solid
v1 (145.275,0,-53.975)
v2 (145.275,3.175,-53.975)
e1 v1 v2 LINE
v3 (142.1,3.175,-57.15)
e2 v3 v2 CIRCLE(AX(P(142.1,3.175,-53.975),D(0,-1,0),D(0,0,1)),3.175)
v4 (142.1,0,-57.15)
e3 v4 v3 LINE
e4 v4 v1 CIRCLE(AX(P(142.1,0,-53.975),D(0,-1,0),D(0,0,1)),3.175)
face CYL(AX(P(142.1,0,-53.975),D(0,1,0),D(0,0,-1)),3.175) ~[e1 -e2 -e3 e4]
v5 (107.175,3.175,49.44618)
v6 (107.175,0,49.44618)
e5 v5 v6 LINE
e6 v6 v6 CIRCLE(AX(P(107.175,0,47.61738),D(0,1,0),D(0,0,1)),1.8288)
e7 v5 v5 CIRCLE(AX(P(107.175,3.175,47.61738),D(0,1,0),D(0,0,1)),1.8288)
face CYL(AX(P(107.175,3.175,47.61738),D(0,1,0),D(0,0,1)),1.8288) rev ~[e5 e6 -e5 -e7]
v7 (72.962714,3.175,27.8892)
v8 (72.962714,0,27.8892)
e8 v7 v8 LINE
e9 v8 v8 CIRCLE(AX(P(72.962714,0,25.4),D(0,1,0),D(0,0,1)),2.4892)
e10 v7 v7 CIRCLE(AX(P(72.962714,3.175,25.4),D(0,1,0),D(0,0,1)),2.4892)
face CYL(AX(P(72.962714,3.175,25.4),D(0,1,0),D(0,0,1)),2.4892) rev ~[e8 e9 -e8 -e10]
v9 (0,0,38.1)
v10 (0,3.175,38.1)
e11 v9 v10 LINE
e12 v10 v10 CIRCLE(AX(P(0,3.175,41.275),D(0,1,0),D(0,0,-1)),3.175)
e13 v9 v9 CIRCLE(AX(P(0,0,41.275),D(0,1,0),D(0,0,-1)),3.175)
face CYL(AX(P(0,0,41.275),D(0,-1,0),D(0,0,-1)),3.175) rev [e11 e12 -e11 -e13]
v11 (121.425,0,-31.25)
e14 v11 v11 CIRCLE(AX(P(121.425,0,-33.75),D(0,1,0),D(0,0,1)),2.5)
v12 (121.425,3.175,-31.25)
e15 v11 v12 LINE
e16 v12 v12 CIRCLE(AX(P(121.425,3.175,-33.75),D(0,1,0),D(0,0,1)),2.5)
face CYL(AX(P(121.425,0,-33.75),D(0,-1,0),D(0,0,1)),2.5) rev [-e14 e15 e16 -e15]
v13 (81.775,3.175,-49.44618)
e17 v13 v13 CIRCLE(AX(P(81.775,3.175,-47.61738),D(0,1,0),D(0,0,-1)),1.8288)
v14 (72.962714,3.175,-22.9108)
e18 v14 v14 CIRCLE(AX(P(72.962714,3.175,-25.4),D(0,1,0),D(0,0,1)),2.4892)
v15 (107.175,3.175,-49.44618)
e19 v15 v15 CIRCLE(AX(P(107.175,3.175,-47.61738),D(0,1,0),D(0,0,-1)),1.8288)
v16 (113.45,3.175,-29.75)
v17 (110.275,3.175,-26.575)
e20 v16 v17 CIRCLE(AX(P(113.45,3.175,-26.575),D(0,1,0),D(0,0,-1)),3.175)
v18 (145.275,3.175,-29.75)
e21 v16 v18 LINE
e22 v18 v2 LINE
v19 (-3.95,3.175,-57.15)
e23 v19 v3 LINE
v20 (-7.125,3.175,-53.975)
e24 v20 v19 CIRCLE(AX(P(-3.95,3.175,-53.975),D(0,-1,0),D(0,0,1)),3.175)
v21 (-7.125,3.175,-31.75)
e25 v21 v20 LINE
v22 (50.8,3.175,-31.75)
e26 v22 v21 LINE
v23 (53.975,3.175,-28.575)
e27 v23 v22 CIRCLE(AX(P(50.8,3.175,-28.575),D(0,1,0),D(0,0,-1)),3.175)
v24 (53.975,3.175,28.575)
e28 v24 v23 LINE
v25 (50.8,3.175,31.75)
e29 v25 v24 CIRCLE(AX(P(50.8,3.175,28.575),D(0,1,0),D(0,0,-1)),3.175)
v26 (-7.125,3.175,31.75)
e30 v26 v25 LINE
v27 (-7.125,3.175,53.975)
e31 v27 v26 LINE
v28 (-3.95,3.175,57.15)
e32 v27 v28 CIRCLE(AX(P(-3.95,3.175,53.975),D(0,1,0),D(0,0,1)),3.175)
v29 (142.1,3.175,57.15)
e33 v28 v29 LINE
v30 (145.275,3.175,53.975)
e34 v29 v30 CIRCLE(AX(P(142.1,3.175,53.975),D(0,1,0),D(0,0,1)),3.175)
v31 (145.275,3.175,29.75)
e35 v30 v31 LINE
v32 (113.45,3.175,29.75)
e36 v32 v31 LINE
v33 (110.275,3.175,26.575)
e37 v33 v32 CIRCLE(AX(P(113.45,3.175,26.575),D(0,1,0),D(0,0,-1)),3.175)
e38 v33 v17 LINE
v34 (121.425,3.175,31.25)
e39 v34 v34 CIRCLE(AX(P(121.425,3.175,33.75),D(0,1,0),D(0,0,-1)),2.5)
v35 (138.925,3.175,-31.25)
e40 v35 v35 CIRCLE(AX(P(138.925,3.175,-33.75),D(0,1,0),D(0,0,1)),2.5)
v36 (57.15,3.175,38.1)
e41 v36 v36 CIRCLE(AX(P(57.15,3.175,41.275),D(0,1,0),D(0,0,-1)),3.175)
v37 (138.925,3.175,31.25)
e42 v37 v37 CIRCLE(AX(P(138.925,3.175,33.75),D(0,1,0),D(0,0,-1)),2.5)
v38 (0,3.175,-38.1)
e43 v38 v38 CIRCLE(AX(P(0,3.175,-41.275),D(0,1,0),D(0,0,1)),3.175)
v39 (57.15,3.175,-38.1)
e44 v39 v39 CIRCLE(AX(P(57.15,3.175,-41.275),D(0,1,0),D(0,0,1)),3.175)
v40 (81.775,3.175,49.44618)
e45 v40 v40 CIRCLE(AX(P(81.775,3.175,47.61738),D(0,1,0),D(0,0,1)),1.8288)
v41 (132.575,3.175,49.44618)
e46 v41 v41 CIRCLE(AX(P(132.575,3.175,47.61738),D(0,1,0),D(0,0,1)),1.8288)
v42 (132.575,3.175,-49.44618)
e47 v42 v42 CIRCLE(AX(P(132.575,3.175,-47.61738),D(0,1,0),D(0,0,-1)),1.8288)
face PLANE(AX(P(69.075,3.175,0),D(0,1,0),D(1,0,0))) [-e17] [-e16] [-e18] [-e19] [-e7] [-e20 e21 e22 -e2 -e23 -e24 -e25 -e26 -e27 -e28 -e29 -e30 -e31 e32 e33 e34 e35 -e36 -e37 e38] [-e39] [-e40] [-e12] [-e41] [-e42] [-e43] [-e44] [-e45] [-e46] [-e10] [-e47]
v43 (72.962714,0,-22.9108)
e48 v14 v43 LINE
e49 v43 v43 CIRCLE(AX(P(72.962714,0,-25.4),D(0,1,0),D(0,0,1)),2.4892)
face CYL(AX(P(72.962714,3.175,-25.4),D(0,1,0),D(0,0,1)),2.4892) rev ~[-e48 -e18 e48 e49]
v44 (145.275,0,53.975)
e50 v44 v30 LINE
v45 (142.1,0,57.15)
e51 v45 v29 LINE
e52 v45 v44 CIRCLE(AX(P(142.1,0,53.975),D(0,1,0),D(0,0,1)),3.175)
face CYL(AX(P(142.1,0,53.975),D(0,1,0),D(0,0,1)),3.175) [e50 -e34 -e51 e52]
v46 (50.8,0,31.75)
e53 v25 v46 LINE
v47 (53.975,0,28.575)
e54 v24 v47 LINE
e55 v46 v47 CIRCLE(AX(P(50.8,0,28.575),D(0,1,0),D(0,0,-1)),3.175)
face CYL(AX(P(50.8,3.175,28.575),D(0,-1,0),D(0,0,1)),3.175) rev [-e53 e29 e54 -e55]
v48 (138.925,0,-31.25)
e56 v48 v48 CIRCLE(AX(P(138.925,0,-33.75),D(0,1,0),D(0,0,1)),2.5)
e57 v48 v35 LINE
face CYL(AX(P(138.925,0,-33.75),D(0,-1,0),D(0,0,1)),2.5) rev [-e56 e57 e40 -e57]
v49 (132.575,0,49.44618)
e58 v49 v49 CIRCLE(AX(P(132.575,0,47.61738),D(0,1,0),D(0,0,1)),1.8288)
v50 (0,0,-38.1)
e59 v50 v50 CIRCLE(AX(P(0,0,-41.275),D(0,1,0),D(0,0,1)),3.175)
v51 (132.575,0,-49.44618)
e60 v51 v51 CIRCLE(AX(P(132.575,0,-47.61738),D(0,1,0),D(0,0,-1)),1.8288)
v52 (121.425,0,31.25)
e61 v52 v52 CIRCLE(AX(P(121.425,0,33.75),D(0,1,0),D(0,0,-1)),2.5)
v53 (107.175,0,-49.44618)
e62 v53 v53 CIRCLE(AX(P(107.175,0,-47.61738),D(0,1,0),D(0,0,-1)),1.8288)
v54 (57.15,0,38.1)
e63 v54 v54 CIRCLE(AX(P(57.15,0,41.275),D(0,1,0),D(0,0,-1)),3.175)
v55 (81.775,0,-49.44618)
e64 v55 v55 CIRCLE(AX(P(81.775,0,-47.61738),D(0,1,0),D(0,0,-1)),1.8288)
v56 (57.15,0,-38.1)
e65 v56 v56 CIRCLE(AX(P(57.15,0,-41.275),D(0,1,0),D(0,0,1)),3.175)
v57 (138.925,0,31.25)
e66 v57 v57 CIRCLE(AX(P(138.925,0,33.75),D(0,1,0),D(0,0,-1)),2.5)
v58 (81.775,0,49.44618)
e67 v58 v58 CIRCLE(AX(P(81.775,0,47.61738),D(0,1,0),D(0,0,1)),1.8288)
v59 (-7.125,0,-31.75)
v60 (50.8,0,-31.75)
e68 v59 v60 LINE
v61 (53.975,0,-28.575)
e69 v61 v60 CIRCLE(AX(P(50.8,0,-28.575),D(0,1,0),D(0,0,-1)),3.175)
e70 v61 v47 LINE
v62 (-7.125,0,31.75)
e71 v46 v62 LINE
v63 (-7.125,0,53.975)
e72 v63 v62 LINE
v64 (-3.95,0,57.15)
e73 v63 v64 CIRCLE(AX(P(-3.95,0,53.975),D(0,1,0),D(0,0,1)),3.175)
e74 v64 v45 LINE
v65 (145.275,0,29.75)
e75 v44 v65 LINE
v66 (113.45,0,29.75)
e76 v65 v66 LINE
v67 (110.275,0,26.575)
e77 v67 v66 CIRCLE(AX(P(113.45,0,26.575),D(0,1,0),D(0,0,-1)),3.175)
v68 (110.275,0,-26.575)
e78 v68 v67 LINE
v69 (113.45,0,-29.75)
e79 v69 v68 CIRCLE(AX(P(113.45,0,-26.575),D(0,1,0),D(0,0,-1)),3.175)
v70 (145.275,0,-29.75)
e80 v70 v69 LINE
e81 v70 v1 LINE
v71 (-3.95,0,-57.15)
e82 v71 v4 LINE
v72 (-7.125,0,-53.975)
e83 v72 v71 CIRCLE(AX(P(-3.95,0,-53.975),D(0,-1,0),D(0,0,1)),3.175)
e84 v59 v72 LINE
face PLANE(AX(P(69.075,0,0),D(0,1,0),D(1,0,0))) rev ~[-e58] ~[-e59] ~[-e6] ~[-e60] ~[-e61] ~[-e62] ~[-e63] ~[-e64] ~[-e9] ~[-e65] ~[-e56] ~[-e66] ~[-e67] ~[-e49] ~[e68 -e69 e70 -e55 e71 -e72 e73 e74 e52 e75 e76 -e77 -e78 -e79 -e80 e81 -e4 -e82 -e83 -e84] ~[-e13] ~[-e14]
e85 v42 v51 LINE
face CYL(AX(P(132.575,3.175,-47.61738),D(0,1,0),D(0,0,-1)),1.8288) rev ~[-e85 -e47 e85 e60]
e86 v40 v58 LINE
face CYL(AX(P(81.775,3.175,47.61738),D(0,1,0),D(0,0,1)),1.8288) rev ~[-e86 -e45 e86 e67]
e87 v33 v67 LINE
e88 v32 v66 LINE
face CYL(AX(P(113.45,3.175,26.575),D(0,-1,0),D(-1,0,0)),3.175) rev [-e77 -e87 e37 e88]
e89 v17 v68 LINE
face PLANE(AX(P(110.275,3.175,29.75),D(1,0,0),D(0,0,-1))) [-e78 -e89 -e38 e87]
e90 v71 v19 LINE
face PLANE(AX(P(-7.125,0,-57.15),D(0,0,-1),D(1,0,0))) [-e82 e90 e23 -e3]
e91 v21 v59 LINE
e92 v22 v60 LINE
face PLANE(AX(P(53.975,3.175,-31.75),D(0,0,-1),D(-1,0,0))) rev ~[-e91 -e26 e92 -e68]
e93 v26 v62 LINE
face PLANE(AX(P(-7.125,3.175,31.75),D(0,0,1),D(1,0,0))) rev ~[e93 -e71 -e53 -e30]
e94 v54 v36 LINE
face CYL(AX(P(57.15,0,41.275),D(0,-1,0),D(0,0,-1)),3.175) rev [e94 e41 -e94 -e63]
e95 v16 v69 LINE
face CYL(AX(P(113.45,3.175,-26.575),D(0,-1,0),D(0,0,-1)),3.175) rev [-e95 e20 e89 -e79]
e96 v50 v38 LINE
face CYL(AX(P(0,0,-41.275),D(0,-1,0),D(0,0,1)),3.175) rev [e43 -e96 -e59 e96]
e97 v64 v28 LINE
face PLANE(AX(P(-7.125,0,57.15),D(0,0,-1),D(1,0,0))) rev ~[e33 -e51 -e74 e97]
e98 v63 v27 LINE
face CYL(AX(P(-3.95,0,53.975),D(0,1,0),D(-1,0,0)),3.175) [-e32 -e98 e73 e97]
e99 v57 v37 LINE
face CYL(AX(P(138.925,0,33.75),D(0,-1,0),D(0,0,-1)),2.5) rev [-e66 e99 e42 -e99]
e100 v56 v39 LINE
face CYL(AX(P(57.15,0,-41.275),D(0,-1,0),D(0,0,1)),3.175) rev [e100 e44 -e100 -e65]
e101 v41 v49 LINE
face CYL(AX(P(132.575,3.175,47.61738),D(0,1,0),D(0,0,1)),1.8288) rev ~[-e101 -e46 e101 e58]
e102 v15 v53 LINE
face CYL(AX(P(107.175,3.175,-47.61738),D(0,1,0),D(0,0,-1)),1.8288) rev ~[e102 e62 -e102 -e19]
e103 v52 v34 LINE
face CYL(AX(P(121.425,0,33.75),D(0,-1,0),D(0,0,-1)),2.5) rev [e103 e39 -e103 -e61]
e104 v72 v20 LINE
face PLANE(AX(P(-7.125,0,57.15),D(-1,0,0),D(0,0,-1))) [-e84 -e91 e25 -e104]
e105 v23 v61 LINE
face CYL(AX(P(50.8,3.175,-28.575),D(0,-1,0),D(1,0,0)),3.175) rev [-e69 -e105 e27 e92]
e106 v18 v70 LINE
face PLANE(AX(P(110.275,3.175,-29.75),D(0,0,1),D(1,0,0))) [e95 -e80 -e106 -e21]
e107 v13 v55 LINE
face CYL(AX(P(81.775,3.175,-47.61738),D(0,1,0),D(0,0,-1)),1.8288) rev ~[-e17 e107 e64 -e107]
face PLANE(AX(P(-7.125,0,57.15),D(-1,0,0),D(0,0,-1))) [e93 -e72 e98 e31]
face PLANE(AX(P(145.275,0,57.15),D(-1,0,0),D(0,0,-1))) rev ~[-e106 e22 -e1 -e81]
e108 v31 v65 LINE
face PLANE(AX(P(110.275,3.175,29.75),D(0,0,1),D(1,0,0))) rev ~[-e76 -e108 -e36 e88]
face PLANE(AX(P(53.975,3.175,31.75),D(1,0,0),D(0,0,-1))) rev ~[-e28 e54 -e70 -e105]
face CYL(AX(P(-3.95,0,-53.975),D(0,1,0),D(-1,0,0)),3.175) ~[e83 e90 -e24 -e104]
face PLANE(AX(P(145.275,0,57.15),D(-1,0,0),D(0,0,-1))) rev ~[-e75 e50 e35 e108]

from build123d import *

# Parameters (mm, degrees)
SKETCH1_W           = 152.4
SKETCH1_H           = 114.3
SKETCH1_R           = 3.175
SKETCH1_R_2         = 2.5
BOSS_EXTRUDE1_DEPTH = 3.175
CUT_EXTRUDE1_REACH  = 158.144
SKETCH2_W           = 35
SKETCH2_H           = 59.5
FILLET1_R           = 3.175
SKETCH4_R           = 2.4892
CUT_EXTRUDE2_DEPTH  = 157.144256218
SKETCH5_R           = 1.8288
CUT_EXTRUDE3_DEPTH  = 157.144256218


with BuildPart() as part:
    # Sketch1 → Boss-Extrude1 (new body)
    with BuildSketch(Plane(origin=(0, 0, 0), x_dir=(1, 0, 0), z_dir=(0, 1, 0))):
        with Locations((69.075, 0)):
            Rectangle(SKETCH1_W, SKETCH1_H)
        with Locations(Location((0, 41.275, 0), (0, 0, 270))):
            Circle(SKETCH1_R, mode=Mode.SUBTRACT)
        with Locations(Location((121.425, 33.75, 0), (0, 0, 270))):
            Circle(SKETCH1_R_2, mode=Mode.SUBTRACT)
        with Locations(Location((138.925, 33.75, 0), (0, 0, 270))):
            Circle(SKETCH1_R_2, mode=Mode.SUBTRACT)
        with Locations(Location((138.925, -33.75, 0), (0, 0, 90))):
            Circle(SKETCH1_R_2, mode=Mode.SUBTRACT)
        with Locations(Location((121.425, -33.75, 0), (0, 0, 90))):
            Circle(SKETCH1_R_2, mode=Mode.SUBTRACT)
        with Locations(Location((0, -41.275, 0), (0, 0, 90))):
            Circle(SKETCH1_R, mode=Mode.SUBTRACT)
        with Locations(Location((57.15, 41.275, 0), (0, 0, 270))):
            Circle(SKETCH1_R, mode=Mode.SUBTRACT)
        with Locations(Location((57.15, -41.275, 0), (0, 0, 90))):
            Circle(SKETCH1_R, mode=Mode.SUBTRACT)
    extrude(amount=BOSS_EXTRUDE1_DEPTH)

    # Sketch2 → Cut-Extrude1 (cut, up to next)
    with BuildSketch(Plane(origin=(0, 3.175, 0), x_dir=(1, 0, 0), z_dir=(0, 1, 0)), mode=Mode.PRIVATE) as cut_extrude1_sk1:
        with Locations((127.775, 0)):
            Rectangle(SKETCH2_W, SKETCH2_H)
    cut_extrude1_tool1 = extrude(cut_extrude1_sk1.sketch, amount=-CUT_EXTRUDE1_REACH, mode=Mode.PRIVATE) & part.part
    # Sketch2 → Cut-Extrude1 (cut, up to next)
    with BuildSketch(Plane(origin=(0, 3.175, 0), x_dir=(1, 0, 0), z_dir=(0, 1, 0)), mode=Mode.PRIVATE) as cut_extrude1_sk2:
        Polygon((-7.125, 0), (-7.125, -31.75), (53.975, -31.75), (53.975, 0), (53.975, 31.75), (-7.125, 31.75), align=None)
    cut_extrude1_tool2 = extrude(cut_extrude1_sk2.sketch, amount=-CUT_EXTRUDE1_REACH, mode=Mode.PRIVATE) & part.part
    add(cut_extrude1_tool1.solids().sort_by_distance((127.775, 3.175, 0))[0], mode=Mode.SUBTRACT)
    add(cut_extrude1_tool2.solids().sort_by_distance((23.425, 3.175, 0))[0], mode=Mode.SUBTRACT)

    # Fillet1
    fillet1_edges = [part.edges().sort_by_distance(p)[0] for p in [
        (110.275, 1.5875, 29.75),
        (110.275, 1.5875, -29.75),
        (53.975, 1.5875, 31.75),
        (53.975, 1.5875, -31.75),
        (145.275, 1.5875, -57.15),
        (145.275, 1.5875, 57.15),
        (-7.125, 1.5875, 57.15),
        (-7.125, 1.5875, -57.15),
    ]]
    fillet(fillet1_edges, radius=FILLET1_R)

    # Sketch4 → Cut-Extrude2 (cut, through all)
    with BuildSketch(Plane(origin=(0, 3.175, 0), x_dir=(1, 0, 0), z_dir=(0, 1, 0))):
        with Locations(Location((72.962713681, 25.4, 0), (0, 0, 270))):
            Circle(SKETCH4_R)
        with Locations(Location((72.962713681, -25.4, 0), (0, 0, 270))):
            Circle(SKETCH4_R)
    extrude(amount=-CUT_EXTRUDE2_DEPTH, mode=Mode.SUBTRACT)

    # Sketch5 → Cut-Extrude3 (cut, through all)
    with BuildSketch(Plane(origin=(0, 3.175, 0), x_dir=(1, 0, 0), z_dir=(0, 1, 0))):
        with Locations(Location((132.575, -47.61738, 0), (0, 0, 270))):
            Circle(SKETCH5_R)
        with Locations(Location((81.775, -47.61738, 0), (0, 0, 270))):
            Circle(SKETCH5_R)
        with Locations(Location((107.175, -47.61738, 0), (0, 0, 270))):
            Circle(SKETCH5_R)
        with Locations(Location((107.175, 47.61738, 0), (0, 0, 90))):
            Circle(SKETCH5_R)
        with Locations(Location((81.775, 47.61738, 0), (0, 0, 90))):
            Circle(SKETCH5_R)
        with Locations(Location((132.575, 47.61738, 0), (0, 0, 90))):
            Circle(SKETCH5_R)
    extrude(amount=-CUT_EXTRUDE3_DEPTH, mode=Mode.SUBTRACT)


solid = part.part
